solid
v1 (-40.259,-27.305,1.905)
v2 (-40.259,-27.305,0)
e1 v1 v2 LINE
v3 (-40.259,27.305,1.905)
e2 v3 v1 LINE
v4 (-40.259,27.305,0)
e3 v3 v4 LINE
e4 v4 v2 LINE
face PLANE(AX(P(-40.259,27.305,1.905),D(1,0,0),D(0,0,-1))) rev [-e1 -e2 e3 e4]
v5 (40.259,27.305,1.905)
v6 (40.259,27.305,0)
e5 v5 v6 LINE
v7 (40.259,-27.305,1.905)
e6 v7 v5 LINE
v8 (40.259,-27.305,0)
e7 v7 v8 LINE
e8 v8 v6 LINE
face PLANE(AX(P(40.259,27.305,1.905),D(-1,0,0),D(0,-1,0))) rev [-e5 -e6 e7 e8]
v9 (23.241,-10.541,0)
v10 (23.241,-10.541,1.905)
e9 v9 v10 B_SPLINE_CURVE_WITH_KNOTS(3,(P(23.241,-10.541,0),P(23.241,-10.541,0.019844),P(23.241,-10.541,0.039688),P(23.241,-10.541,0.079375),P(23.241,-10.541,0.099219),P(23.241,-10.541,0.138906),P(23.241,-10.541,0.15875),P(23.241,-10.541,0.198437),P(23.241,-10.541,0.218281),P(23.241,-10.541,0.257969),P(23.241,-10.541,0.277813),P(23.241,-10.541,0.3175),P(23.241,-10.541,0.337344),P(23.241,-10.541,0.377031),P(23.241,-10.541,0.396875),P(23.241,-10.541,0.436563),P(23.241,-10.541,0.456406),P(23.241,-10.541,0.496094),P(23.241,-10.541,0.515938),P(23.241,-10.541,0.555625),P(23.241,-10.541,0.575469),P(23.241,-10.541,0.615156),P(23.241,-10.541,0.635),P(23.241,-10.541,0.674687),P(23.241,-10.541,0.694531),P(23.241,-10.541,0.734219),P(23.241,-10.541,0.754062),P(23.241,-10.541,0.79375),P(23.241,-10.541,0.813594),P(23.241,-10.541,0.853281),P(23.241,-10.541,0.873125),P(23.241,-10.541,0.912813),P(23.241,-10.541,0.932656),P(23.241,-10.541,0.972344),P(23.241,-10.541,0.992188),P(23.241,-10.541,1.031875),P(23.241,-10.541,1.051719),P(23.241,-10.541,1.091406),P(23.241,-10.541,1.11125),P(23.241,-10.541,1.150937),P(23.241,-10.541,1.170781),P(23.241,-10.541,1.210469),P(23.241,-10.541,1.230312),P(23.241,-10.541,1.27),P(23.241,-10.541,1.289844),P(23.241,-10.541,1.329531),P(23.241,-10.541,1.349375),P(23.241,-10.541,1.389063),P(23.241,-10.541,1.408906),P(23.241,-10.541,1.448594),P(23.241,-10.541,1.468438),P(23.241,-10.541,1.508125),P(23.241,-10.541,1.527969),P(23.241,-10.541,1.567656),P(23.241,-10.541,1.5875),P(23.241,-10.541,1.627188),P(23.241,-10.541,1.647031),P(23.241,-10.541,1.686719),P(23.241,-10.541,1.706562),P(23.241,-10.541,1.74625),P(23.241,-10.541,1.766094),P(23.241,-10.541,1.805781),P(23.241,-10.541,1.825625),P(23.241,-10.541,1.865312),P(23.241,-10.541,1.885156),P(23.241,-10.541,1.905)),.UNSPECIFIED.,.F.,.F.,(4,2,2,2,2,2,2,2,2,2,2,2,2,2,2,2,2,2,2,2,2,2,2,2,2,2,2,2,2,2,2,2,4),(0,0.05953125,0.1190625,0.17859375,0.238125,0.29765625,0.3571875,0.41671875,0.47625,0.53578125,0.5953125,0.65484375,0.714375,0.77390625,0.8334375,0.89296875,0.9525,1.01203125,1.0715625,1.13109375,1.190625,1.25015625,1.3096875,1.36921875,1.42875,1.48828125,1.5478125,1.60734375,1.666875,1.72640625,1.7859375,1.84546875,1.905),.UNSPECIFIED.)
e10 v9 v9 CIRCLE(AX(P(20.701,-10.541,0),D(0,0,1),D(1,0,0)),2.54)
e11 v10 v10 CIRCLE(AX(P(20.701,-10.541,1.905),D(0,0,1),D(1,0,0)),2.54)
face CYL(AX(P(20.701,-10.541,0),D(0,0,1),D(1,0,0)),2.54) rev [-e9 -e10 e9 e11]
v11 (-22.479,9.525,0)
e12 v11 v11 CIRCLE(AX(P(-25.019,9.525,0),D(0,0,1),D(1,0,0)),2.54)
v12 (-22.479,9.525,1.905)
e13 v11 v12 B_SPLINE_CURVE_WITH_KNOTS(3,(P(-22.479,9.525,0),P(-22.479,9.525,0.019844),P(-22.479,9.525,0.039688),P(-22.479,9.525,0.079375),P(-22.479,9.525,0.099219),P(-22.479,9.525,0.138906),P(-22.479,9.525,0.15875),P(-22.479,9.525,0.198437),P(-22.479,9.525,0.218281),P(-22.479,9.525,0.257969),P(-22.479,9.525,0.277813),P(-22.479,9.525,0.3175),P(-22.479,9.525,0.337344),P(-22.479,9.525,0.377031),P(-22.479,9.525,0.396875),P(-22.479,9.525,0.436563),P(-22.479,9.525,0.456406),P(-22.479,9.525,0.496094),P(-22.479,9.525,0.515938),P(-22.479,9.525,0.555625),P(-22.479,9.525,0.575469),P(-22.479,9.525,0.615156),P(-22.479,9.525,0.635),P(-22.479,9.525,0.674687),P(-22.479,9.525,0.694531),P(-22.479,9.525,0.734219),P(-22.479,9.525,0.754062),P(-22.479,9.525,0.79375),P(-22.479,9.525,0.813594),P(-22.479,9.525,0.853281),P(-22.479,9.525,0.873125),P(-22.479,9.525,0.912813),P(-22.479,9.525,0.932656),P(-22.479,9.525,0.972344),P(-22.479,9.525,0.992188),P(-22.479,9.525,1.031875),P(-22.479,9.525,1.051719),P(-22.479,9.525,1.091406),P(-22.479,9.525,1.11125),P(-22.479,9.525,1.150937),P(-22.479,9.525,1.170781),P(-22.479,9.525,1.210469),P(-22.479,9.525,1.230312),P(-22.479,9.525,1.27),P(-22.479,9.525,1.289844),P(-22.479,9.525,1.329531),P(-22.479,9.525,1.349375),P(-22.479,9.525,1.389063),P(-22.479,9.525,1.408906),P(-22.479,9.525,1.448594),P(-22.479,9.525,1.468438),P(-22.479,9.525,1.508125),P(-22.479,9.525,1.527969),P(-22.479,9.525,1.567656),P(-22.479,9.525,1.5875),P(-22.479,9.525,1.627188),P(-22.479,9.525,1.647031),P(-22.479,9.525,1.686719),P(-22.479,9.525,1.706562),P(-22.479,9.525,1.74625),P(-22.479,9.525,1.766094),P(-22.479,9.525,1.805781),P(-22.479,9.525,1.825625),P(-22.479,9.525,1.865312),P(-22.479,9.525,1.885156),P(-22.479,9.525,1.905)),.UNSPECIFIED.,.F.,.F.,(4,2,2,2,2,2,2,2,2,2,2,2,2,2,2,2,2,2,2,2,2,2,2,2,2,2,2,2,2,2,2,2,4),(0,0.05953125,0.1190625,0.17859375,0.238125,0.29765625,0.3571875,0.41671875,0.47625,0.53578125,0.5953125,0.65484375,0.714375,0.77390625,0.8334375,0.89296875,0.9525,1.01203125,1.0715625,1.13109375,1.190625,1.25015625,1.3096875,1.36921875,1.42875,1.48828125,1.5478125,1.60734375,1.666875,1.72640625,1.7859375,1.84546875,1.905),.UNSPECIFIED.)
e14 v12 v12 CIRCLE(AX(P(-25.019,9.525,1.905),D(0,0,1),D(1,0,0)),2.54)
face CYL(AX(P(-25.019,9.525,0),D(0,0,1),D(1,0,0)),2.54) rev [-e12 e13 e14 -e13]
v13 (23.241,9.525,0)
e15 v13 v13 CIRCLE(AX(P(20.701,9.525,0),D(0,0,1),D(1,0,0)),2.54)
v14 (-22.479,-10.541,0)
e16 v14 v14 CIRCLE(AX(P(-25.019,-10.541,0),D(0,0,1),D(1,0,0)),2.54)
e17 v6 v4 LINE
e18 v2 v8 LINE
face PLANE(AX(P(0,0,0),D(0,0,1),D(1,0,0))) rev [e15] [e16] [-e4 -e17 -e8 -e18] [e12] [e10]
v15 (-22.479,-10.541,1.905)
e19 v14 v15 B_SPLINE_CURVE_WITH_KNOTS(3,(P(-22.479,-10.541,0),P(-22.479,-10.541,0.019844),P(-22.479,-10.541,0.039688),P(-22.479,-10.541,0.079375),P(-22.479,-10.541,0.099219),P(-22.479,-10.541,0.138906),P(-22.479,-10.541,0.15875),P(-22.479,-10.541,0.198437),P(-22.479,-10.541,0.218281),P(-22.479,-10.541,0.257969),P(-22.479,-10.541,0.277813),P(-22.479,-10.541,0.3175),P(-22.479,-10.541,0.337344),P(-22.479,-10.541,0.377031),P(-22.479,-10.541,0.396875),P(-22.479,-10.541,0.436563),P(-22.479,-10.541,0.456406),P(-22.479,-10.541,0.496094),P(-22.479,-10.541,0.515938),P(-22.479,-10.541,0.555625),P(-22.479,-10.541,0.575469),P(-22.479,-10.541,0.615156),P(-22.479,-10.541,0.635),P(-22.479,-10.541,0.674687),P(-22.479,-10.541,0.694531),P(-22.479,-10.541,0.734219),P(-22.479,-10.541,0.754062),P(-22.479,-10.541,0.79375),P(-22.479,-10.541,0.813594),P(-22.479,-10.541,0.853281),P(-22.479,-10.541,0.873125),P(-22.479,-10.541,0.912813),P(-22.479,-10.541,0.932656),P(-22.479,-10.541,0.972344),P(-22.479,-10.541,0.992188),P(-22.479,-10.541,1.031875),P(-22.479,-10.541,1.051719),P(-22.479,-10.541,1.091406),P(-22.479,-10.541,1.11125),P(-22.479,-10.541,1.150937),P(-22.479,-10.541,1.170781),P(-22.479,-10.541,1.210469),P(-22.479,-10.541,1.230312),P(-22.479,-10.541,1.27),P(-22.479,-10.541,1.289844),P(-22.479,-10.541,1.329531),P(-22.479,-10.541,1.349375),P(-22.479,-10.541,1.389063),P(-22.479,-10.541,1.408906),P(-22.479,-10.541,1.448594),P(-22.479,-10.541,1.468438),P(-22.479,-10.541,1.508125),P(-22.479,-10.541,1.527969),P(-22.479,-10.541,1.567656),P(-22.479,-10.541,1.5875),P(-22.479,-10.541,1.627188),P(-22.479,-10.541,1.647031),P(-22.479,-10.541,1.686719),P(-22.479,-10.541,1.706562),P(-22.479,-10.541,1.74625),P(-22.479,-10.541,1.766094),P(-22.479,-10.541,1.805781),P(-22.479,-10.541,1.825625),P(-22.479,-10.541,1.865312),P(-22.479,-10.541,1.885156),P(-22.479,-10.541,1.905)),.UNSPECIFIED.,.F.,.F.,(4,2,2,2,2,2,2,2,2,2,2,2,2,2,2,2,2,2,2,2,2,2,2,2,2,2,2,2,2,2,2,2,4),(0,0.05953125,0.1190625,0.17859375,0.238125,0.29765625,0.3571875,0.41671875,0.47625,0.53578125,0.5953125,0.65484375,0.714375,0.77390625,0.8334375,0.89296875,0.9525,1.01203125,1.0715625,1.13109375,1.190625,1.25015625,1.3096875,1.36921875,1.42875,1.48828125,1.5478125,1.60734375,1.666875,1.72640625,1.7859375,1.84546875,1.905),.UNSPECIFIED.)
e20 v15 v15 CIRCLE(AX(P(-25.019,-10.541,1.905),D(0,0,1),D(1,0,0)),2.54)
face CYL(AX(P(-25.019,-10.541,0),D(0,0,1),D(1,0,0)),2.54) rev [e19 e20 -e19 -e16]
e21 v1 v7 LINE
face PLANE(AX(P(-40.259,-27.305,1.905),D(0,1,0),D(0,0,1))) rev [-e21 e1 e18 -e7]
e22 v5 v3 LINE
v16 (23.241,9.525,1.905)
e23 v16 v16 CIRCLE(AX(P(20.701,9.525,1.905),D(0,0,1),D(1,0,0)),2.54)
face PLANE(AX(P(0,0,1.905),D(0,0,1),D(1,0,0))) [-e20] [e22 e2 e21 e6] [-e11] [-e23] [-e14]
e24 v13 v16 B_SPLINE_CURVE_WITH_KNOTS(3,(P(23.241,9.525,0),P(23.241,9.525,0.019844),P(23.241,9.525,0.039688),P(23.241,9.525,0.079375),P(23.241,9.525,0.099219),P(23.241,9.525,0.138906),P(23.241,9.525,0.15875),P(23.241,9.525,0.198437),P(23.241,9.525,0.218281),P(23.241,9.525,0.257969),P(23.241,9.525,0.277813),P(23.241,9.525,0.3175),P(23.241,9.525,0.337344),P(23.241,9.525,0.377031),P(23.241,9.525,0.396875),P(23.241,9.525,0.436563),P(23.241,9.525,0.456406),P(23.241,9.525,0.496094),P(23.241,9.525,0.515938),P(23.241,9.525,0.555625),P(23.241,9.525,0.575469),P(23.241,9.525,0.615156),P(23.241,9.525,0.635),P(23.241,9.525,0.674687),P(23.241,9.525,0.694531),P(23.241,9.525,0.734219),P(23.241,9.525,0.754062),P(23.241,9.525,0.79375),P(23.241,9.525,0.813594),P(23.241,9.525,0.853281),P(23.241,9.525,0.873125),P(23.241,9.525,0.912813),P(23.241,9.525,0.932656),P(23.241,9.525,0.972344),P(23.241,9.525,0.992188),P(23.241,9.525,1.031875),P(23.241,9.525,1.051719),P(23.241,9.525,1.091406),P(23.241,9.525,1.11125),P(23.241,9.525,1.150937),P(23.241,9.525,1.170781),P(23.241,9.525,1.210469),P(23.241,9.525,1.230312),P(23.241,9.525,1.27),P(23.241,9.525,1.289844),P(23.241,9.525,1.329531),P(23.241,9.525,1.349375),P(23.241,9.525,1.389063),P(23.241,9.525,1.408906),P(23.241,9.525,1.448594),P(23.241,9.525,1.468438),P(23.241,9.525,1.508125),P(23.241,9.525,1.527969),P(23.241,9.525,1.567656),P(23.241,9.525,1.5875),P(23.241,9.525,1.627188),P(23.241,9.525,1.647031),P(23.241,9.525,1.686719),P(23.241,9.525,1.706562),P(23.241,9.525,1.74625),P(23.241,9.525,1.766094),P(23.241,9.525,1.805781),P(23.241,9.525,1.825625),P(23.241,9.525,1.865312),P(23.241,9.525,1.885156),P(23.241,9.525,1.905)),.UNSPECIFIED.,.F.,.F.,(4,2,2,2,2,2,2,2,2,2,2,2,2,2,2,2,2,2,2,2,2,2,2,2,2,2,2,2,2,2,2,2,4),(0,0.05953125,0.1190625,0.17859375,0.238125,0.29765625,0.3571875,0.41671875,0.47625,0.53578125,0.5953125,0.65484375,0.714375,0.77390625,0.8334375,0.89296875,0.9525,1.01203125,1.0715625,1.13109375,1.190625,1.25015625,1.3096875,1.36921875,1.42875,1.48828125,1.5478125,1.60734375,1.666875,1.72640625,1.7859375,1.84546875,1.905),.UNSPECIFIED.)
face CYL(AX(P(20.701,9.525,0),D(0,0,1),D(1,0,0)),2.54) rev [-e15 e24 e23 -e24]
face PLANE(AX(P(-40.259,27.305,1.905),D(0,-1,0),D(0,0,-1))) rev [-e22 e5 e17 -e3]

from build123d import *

# Parameters (mm, degrees)
SKETCH1_W           = 80.518
SKETCH1_H           = 54.61
BOSS_EXTRUDE1_DEPTH = 1.905
SKETCH2_R           = 2.54
CUT_EXTRUDE1_DEPTH  = 49.682431441


with BuildPart() as part:
    # Sketch1 → Boss-Extrude1 (new body)
    with BuildSketch(Plane.XY):
        Rectangle(SKETCH1_W, SKETCH1_H)
    extrude(amount=BOSS_EXTRUDE1_DEPTH)

    # Sketch2 → Cut-Extrude1 (cut, through all)
    with BuildSketch(Plane.XY.offset(1.905)):
        with Locations((-25.019, 9.525)):
            Circle(SKETCH2_R)
        with Locations((-25.019, -10.541)):
            Circle(SKETCH2_R)
        with Locations((20.701, 9.525)):
            Circle(SKETCH2_R)
        with Locations((20.701, -10.541)):
            Circle(SKETCH2_R)
    extrude(amount=-CUT_EXTRUDE1_DEPTH, mode=Mode.SUBTRACT)


solid = part.part
